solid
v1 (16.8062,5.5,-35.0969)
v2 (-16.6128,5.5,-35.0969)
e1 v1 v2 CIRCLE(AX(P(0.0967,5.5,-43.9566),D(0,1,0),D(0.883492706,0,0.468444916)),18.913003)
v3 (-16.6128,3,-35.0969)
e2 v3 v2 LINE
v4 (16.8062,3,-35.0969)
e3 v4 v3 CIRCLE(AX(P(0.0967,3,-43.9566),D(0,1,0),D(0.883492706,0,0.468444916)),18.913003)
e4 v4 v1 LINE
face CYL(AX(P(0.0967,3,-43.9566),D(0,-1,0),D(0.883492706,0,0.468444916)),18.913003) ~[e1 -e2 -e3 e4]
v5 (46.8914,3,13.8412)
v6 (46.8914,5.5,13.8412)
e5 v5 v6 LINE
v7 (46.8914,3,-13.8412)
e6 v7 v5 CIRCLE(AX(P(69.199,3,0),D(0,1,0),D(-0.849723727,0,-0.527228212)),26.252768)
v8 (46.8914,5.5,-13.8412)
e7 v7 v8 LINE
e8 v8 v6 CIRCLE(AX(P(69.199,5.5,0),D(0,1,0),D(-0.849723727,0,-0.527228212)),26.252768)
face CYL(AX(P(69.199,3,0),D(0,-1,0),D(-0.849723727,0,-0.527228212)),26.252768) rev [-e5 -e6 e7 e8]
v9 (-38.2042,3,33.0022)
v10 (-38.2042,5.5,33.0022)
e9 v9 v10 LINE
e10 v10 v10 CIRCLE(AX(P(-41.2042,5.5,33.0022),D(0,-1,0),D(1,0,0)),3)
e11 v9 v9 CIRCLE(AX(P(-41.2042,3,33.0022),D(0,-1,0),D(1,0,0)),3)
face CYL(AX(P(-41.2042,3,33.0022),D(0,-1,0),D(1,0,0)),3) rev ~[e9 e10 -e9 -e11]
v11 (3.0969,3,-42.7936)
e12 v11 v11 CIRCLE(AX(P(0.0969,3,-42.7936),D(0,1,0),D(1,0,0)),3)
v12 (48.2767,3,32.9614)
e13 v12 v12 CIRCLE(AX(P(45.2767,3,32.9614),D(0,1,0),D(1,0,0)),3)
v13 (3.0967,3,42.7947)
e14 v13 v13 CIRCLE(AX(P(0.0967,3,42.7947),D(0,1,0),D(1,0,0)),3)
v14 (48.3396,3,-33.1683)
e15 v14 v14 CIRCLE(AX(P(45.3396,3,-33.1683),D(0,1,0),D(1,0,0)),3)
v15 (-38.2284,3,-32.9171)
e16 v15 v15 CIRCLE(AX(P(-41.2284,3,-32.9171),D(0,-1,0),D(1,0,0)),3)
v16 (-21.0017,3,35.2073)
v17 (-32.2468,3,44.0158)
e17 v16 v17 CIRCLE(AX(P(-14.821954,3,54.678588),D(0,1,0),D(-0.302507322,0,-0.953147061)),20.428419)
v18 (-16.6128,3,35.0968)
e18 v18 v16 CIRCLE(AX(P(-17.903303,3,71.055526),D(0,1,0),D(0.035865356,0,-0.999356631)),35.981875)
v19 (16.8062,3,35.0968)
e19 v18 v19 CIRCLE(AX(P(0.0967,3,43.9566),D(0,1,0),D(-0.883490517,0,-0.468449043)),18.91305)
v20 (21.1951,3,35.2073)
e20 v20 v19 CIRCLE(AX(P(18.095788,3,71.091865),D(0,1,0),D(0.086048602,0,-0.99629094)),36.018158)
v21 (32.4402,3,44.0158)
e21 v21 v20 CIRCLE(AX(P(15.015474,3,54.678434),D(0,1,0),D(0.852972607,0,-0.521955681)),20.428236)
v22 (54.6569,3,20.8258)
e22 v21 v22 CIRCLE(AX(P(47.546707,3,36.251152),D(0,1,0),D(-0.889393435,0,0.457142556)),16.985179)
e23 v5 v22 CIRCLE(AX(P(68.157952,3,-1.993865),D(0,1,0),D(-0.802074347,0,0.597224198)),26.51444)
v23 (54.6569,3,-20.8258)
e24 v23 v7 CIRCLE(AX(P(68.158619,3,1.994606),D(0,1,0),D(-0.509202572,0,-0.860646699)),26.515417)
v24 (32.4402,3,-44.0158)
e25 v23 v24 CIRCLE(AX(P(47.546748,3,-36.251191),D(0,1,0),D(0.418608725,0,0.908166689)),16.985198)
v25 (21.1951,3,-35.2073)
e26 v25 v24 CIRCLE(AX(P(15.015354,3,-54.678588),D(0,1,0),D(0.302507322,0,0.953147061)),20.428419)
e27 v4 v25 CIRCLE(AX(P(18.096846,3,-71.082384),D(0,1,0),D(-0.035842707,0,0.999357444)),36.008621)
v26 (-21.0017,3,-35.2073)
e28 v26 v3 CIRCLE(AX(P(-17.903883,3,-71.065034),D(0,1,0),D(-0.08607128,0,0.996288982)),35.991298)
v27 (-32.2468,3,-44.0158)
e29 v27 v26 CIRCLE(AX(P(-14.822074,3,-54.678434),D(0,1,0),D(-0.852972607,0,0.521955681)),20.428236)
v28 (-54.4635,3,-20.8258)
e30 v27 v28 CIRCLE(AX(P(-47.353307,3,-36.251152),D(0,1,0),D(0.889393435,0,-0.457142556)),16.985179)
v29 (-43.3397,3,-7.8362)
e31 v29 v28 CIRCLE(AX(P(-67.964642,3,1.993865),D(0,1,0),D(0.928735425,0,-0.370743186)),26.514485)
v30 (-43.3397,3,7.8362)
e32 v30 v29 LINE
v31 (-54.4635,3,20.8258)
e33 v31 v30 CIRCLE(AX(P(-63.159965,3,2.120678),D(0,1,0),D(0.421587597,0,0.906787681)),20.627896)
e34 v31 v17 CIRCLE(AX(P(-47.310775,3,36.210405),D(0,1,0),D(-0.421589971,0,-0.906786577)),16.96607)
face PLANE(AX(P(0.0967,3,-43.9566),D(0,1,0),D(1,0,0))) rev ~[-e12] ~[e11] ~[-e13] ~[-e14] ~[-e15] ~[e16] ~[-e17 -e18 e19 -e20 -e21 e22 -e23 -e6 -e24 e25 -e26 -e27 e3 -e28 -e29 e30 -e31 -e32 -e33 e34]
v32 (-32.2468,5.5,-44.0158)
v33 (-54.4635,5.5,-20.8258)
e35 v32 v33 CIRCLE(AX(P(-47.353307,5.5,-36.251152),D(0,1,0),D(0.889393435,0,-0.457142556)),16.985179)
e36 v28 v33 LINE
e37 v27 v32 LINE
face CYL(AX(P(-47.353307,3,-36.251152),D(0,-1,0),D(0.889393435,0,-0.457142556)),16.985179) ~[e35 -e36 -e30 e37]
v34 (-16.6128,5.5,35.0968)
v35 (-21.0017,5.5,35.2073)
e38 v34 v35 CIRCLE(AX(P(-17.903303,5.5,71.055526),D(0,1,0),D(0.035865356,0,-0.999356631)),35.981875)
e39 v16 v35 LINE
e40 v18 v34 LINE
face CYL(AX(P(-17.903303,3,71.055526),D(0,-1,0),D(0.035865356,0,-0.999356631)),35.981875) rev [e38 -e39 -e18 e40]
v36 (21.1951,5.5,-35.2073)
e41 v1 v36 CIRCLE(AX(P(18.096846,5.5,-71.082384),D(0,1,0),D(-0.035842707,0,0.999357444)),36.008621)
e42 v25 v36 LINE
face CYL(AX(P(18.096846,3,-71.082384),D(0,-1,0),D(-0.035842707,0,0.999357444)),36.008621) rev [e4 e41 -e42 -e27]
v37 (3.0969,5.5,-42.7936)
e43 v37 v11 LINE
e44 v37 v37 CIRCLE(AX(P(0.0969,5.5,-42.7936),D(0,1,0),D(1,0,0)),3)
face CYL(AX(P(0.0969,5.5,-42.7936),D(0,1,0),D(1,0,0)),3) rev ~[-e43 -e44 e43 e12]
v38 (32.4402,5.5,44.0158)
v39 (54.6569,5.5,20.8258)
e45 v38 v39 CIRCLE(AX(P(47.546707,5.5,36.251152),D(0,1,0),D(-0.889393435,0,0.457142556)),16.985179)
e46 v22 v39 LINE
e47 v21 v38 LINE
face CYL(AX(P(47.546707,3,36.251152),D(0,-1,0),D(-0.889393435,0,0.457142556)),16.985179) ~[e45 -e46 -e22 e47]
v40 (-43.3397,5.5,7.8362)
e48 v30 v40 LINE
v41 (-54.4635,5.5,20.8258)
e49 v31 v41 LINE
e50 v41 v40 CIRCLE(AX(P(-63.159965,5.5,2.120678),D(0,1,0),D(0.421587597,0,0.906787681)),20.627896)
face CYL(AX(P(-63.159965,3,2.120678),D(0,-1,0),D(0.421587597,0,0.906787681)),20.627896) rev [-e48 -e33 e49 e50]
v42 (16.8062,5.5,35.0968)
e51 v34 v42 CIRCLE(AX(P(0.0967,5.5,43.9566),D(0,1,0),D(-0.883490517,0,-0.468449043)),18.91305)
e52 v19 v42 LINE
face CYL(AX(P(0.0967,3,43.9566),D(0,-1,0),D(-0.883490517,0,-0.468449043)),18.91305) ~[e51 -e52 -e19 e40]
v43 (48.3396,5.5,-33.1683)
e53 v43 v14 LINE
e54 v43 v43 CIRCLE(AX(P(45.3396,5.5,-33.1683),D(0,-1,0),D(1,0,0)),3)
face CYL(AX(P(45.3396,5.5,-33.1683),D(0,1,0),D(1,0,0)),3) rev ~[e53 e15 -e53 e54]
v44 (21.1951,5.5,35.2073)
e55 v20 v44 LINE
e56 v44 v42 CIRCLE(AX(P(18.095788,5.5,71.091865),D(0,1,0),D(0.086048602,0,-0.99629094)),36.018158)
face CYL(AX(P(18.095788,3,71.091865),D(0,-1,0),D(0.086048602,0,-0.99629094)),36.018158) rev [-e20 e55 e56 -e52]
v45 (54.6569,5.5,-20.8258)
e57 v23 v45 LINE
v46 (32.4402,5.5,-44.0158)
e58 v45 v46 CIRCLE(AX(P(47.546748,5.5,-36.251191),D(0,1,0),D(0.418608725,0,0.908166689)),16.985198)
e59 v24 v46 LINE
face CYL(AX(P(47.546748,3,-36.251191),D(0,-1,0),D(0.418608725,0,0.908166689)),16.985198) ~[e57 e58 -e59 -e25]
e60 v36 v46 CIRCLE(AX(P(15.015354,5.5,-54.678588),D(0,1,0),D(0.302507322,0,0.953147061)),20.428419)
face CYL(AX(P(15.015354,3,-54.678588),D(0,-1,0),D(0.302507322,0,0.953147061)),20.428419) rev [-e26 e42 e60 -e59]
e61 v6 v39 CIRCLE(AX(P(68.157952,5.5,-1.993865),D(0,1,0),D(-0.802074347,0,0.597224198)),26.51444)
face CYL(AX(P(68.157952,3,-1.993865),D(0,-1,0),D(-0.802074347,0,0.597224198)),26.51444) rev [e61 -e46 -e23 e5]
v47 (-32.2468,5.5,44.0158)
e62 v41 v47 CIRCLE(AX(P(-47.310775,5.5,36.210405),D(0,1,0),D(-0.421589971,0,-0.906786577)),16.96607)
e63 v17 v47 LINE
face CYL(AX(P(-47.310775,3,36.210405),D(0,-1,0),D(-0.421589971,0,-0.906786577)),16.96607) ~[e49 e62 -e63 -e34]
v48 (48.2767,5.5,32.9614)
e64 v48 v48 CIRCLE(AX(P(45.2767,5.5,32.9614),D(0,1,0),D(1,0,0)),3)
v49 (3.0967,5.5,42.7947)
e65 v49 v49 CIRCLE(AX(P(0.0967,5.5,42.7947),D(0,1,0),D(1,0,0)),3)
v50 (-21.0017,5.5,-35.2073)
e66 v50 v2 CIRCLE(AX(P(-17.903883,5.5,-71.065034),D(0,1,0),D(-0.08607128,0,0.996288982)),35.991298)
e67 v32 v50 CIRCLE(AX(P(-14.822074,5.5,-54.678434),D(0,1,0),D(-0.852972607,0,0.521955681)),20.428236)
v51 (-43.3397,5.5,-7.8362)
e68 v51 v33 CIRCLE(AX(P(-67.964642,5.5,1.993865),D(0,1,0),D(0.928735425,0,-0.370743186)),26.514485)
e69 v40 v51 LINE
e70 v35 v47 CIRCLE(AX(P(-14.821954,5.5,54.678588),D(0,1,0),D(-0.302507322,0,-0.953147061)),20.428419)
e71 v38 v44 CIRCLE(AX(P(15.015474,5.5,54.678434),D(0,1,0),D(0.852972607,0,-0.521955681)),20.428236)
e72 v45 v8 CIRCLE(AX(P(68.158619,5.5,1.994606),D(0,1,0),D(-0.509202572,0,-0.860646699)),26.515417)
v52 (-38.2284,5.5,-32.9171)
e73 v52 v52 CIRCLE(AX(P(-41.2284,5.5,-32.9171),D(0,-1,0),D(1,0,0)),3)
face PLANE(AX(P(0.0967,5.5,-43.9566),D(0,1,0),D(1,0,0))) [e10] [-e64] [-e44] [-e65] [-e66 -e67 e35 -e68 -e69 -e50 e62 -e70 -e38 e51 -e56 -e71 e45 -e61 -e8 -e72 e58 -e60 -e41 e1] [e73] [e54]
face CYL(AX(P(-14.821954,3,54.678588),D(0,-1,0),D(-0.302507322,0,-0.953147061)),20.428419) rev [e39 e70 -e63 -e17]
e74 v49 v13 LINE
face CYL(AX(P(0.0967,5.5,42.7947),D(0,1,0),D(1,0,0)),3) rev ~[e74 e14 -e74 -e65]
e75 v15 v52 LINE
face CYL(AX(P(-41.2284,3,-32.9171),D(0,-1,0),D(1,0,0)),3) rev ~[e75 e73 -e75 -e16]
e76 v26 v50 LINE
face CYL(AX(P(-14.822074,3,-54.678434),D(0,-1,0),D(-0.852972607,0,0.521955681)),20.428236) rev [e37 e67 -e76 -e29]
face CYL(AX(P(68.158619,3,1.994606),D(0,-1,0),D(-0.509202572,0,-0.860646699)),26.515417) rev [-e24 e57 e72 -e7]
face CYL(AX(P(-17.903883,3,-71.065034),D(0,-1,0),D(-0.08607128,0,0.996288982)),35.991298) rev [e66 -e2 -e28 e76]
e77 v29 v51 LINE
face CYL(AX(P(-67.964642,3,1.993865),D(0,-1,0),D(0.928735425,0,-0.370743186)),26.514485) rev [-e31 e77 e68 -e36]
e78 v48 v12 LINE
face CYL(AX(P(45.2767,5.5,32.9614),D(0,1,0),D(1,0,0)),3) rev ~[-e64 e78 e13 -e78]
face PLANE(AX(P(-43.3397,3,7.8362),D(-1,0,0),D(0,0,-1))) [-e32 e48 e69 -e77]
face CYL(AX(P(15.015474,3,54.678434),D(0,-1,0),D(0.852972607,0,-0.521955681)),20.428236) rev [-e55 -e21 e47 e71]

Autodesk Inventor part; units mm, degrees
ref_plane "YZ Plane" through (0, 0, 0) normal (1, 0, 0) x (0, 1, 0)
ref_plane "XZ Plane" through (0, 0, 0) normal (0, 1, 0) x (-1, 0, 0)
ref_plane "XY Plane" through (0, 0, 0) normal (0, 0, 1) x (1, 0, 0)
ref_plane "Work Plane1" through (0.0967, 3, -43.9566) normal (0, 1, 0) x (1, 0, 0)
sketch "Sketch1" plane through (0.0967, 3, -43.9566) normal (0, 1, 0) x (1, 0, 0)
  line L0 (-43.4364, -51.7928) -> (-43.4364, -36.1204)
  line L1 (-43.4364, -36.1204) -> (-43.4364, -51.7928) projected
  arc A0 (-43.4364, -36.1204) -> (-54.5602, -23.1308) centre (-68.0614, -45.9505) ccw
  arc A1 (-32.3435, 0.0592) -> (-54.5602, -23.1308) centre (-47.45, -7.7054) ccw
  arc A2 (-32.3435, 0.0592) -> (-54.5602, -23.1308) centre (-47.45, -7.7054) ccw projected
  arc A3 (-32.3435, 0.0592) -> (-21.0984, -8.7493) centre (-14.9187, 10.7219) ccw
  arc A4 (-21.0984, -8.7493) -> (-16.7095, -8.8597) centre (-18.0001, 27.1171) ccw
  arc A5 (16.7095, -8.8597) -> (-16.7095, -8.8597) centre (0, 0) ccw
  arc A6 (16.7095, -8.8597) -> (21.0984, -8.7493) centre (18.0001, 27.1171) ccw
  arc A7 (21.0984, -8.7493) -> (32.3435, 0.0592) centre (14.9187, 10.7219) ccw
  arc A8 (54.5602, -23.1308) -> (32.3435, 0.0592) centre (47.45, -7.7054) ccw
  arc A9 (54.5602, -23.1308) -> (46.7947, -30.1154) centre (68.0614, -45.9505) ccw
  arc A10 (46.7947, -30.1154) -> (46.7947, -57.7978) centre (69.1023, -43.9566) ccw
  arc A11 (46.7947, -57.7978) -> (54.5602, -64.7824) centre (68.0614, -41.9626) ccw
  arc A12 (32.3435, -87.9724) -> (54.5602, -64.7824) centre (47.45, -80.2078) ccw
  arc A13 (32.3435, -87.9724) -> (21.0984, -79.1639) centre (14.9187, -98.6351) ccw
  arc A14 (21.0984, -79.1639) -> (16.7095, -79.0534) centre (18.0001, -115.0303) ccw
  arc A15 (-16.7095, -79.0534) -> (16.7095, -79.0534) centre (0, -87.9132) ccw
  arc A16 (-16.7095, -79.0534) -> (-21.0984, -79.1639) centre (-18.0001, -115.0303) ccw
  arc A17 (-21.0984, -79.1639) -> (-32.3435, -87.9724) centre (-14.9187, -98.6351) ccw
  arc A18 (-54.5602, -64.7824) -> (-32.3435, -87.9724) centre (-47.4075, -80.167) ccw
  arc A19 (-54.5602, -64.7824) -> (-43.4364, -51.7928) centre (-63.2568, -46.0771) ccw
  point P0 (-0.0967, -43.9566)
extrude "Extrusion1" add sketch "Sketch1" along normal blind 2.5
sketch "Sketch2" plane through (0.0967, 5.5, -43.9566) normal (0, 1, 0) x (1, 0, 0)
  point P0 (-0.0967, -43.9566)
sketch "Sketch4" plane through (0.0967, 5.5, -43.9566) normal (0, 1, 0) x (1, 0, 0)
  point P0 (-0.0967, -43.9566)
sketch "Sketch7" plane through (0.0967, 5.5, -43.9566) normal (0, 1, 0) x (1, 0, 0)
  circle A0 centre (0.0002, -1.163) radius 3
  point P0 (-0.0967, -43.9566)
  dimension "d12" = 6
extrude "Extrusion5" cut sketch "Sketch7" against normal blind 3.65
sketch "Sketch8" plane through (0.0967, 5.5, -43.9566) normal (0, 1, 0) x (1, 0, 0)
  arc A0 (-16.7095, -79.0534) -> (16.7095, -79.0534) centre (0, -87.9132) ccw projected
  arc A1 (16.7095, -8.8597) -> (-16.7095, -8.8597) centre (0, 0) ccw projected
  circle A2 centre (0, -86.7513) radius 3
  point P0 (-0.0967, -43.9566)
  dimension "d15" = 87.9132
  dimension "d16" = 6
extrude "Extrusion6" cut sketch "Sketch8" against normal blind 3.65
sketch "Sketch9" plane through (0.0967, 5.5, -43.9566) normal (0, 1, 0) x (1, 0, 0)
  point P0 (-0.0967, -43.9566)
sketch "Sketch21" plane through (0.0967, 5.5, -43.9566) normal (0, 1, 0) x (1, 0, 0)
  circle A0 centre (45.2429, -10.7883) radius 3
  point P0 (-0.0967, -43.9566)
  dimension "d34" = 6
extrude "Extrusion7" cut sketch "Sketch21" against normal blind 4.2875
sketch "Sketch22" plane through (0.0967, 5.5, -43.9566) normal (0, 1, 0) x (1, 0, 0)
  point P0 (-0.0967, -43.9566)
  point P1 (-0.0967, -43.9566)
sketch "Sketch24" plane through (0.0967, 5.5, -43.9566) normal (0, 1, 0) x (1, 0, 0)
  point P0 (-0.0967, -43.9566)
pattern_circular "Circular Pattern1" count 6 over 360 about axis through (45.3396, 5.5, -33.1683) along (0, -1, 0) of "Extrusion7"
sketch "Sketch25" plane through (0.0967, 5.5, -43.9566) normal (0, 1, 0) x (1, 0, 0)
  point P0 (-0.0967, -43.9566)
sketch "Sketch26" plane through (0.0967, 5.5, -43.9566) normal (0, 1, 0) x (1, 0, 0)
  circle A0 centre (45.18, -76.918) radius 3
  point P0 (-0.0967, -43.9566)
  dimension "d41" = 6
extrude "Extrusion8" cut sketch "Sketch26" against normal blind 10
sketch "Sketch27" plane through (0.0967, 3, -43.9566) normal (0, -1, 0) x (1, 0, 0)
  circle A0 centre (-41.3251, 11.0395) radius 3
  point P0 (-0.0967, 43.9566)
  dimension "d44" = 6
extrude "Extrusion9" cut sketch "Sketch27" against normal blind 10
sketch "Sketch28" plane through (0.0967, 3, -43.9566) normal (0, -1, 0) x (1, 0, 0)
  circle A0 centre (-41.3009, 76.9588) radius 3
  point P0 (-0.0967, 43.9566)
  dimension "d47" = 6
extrude "Extrusion10" cut sketch "Sketch28" against normal blind 10
